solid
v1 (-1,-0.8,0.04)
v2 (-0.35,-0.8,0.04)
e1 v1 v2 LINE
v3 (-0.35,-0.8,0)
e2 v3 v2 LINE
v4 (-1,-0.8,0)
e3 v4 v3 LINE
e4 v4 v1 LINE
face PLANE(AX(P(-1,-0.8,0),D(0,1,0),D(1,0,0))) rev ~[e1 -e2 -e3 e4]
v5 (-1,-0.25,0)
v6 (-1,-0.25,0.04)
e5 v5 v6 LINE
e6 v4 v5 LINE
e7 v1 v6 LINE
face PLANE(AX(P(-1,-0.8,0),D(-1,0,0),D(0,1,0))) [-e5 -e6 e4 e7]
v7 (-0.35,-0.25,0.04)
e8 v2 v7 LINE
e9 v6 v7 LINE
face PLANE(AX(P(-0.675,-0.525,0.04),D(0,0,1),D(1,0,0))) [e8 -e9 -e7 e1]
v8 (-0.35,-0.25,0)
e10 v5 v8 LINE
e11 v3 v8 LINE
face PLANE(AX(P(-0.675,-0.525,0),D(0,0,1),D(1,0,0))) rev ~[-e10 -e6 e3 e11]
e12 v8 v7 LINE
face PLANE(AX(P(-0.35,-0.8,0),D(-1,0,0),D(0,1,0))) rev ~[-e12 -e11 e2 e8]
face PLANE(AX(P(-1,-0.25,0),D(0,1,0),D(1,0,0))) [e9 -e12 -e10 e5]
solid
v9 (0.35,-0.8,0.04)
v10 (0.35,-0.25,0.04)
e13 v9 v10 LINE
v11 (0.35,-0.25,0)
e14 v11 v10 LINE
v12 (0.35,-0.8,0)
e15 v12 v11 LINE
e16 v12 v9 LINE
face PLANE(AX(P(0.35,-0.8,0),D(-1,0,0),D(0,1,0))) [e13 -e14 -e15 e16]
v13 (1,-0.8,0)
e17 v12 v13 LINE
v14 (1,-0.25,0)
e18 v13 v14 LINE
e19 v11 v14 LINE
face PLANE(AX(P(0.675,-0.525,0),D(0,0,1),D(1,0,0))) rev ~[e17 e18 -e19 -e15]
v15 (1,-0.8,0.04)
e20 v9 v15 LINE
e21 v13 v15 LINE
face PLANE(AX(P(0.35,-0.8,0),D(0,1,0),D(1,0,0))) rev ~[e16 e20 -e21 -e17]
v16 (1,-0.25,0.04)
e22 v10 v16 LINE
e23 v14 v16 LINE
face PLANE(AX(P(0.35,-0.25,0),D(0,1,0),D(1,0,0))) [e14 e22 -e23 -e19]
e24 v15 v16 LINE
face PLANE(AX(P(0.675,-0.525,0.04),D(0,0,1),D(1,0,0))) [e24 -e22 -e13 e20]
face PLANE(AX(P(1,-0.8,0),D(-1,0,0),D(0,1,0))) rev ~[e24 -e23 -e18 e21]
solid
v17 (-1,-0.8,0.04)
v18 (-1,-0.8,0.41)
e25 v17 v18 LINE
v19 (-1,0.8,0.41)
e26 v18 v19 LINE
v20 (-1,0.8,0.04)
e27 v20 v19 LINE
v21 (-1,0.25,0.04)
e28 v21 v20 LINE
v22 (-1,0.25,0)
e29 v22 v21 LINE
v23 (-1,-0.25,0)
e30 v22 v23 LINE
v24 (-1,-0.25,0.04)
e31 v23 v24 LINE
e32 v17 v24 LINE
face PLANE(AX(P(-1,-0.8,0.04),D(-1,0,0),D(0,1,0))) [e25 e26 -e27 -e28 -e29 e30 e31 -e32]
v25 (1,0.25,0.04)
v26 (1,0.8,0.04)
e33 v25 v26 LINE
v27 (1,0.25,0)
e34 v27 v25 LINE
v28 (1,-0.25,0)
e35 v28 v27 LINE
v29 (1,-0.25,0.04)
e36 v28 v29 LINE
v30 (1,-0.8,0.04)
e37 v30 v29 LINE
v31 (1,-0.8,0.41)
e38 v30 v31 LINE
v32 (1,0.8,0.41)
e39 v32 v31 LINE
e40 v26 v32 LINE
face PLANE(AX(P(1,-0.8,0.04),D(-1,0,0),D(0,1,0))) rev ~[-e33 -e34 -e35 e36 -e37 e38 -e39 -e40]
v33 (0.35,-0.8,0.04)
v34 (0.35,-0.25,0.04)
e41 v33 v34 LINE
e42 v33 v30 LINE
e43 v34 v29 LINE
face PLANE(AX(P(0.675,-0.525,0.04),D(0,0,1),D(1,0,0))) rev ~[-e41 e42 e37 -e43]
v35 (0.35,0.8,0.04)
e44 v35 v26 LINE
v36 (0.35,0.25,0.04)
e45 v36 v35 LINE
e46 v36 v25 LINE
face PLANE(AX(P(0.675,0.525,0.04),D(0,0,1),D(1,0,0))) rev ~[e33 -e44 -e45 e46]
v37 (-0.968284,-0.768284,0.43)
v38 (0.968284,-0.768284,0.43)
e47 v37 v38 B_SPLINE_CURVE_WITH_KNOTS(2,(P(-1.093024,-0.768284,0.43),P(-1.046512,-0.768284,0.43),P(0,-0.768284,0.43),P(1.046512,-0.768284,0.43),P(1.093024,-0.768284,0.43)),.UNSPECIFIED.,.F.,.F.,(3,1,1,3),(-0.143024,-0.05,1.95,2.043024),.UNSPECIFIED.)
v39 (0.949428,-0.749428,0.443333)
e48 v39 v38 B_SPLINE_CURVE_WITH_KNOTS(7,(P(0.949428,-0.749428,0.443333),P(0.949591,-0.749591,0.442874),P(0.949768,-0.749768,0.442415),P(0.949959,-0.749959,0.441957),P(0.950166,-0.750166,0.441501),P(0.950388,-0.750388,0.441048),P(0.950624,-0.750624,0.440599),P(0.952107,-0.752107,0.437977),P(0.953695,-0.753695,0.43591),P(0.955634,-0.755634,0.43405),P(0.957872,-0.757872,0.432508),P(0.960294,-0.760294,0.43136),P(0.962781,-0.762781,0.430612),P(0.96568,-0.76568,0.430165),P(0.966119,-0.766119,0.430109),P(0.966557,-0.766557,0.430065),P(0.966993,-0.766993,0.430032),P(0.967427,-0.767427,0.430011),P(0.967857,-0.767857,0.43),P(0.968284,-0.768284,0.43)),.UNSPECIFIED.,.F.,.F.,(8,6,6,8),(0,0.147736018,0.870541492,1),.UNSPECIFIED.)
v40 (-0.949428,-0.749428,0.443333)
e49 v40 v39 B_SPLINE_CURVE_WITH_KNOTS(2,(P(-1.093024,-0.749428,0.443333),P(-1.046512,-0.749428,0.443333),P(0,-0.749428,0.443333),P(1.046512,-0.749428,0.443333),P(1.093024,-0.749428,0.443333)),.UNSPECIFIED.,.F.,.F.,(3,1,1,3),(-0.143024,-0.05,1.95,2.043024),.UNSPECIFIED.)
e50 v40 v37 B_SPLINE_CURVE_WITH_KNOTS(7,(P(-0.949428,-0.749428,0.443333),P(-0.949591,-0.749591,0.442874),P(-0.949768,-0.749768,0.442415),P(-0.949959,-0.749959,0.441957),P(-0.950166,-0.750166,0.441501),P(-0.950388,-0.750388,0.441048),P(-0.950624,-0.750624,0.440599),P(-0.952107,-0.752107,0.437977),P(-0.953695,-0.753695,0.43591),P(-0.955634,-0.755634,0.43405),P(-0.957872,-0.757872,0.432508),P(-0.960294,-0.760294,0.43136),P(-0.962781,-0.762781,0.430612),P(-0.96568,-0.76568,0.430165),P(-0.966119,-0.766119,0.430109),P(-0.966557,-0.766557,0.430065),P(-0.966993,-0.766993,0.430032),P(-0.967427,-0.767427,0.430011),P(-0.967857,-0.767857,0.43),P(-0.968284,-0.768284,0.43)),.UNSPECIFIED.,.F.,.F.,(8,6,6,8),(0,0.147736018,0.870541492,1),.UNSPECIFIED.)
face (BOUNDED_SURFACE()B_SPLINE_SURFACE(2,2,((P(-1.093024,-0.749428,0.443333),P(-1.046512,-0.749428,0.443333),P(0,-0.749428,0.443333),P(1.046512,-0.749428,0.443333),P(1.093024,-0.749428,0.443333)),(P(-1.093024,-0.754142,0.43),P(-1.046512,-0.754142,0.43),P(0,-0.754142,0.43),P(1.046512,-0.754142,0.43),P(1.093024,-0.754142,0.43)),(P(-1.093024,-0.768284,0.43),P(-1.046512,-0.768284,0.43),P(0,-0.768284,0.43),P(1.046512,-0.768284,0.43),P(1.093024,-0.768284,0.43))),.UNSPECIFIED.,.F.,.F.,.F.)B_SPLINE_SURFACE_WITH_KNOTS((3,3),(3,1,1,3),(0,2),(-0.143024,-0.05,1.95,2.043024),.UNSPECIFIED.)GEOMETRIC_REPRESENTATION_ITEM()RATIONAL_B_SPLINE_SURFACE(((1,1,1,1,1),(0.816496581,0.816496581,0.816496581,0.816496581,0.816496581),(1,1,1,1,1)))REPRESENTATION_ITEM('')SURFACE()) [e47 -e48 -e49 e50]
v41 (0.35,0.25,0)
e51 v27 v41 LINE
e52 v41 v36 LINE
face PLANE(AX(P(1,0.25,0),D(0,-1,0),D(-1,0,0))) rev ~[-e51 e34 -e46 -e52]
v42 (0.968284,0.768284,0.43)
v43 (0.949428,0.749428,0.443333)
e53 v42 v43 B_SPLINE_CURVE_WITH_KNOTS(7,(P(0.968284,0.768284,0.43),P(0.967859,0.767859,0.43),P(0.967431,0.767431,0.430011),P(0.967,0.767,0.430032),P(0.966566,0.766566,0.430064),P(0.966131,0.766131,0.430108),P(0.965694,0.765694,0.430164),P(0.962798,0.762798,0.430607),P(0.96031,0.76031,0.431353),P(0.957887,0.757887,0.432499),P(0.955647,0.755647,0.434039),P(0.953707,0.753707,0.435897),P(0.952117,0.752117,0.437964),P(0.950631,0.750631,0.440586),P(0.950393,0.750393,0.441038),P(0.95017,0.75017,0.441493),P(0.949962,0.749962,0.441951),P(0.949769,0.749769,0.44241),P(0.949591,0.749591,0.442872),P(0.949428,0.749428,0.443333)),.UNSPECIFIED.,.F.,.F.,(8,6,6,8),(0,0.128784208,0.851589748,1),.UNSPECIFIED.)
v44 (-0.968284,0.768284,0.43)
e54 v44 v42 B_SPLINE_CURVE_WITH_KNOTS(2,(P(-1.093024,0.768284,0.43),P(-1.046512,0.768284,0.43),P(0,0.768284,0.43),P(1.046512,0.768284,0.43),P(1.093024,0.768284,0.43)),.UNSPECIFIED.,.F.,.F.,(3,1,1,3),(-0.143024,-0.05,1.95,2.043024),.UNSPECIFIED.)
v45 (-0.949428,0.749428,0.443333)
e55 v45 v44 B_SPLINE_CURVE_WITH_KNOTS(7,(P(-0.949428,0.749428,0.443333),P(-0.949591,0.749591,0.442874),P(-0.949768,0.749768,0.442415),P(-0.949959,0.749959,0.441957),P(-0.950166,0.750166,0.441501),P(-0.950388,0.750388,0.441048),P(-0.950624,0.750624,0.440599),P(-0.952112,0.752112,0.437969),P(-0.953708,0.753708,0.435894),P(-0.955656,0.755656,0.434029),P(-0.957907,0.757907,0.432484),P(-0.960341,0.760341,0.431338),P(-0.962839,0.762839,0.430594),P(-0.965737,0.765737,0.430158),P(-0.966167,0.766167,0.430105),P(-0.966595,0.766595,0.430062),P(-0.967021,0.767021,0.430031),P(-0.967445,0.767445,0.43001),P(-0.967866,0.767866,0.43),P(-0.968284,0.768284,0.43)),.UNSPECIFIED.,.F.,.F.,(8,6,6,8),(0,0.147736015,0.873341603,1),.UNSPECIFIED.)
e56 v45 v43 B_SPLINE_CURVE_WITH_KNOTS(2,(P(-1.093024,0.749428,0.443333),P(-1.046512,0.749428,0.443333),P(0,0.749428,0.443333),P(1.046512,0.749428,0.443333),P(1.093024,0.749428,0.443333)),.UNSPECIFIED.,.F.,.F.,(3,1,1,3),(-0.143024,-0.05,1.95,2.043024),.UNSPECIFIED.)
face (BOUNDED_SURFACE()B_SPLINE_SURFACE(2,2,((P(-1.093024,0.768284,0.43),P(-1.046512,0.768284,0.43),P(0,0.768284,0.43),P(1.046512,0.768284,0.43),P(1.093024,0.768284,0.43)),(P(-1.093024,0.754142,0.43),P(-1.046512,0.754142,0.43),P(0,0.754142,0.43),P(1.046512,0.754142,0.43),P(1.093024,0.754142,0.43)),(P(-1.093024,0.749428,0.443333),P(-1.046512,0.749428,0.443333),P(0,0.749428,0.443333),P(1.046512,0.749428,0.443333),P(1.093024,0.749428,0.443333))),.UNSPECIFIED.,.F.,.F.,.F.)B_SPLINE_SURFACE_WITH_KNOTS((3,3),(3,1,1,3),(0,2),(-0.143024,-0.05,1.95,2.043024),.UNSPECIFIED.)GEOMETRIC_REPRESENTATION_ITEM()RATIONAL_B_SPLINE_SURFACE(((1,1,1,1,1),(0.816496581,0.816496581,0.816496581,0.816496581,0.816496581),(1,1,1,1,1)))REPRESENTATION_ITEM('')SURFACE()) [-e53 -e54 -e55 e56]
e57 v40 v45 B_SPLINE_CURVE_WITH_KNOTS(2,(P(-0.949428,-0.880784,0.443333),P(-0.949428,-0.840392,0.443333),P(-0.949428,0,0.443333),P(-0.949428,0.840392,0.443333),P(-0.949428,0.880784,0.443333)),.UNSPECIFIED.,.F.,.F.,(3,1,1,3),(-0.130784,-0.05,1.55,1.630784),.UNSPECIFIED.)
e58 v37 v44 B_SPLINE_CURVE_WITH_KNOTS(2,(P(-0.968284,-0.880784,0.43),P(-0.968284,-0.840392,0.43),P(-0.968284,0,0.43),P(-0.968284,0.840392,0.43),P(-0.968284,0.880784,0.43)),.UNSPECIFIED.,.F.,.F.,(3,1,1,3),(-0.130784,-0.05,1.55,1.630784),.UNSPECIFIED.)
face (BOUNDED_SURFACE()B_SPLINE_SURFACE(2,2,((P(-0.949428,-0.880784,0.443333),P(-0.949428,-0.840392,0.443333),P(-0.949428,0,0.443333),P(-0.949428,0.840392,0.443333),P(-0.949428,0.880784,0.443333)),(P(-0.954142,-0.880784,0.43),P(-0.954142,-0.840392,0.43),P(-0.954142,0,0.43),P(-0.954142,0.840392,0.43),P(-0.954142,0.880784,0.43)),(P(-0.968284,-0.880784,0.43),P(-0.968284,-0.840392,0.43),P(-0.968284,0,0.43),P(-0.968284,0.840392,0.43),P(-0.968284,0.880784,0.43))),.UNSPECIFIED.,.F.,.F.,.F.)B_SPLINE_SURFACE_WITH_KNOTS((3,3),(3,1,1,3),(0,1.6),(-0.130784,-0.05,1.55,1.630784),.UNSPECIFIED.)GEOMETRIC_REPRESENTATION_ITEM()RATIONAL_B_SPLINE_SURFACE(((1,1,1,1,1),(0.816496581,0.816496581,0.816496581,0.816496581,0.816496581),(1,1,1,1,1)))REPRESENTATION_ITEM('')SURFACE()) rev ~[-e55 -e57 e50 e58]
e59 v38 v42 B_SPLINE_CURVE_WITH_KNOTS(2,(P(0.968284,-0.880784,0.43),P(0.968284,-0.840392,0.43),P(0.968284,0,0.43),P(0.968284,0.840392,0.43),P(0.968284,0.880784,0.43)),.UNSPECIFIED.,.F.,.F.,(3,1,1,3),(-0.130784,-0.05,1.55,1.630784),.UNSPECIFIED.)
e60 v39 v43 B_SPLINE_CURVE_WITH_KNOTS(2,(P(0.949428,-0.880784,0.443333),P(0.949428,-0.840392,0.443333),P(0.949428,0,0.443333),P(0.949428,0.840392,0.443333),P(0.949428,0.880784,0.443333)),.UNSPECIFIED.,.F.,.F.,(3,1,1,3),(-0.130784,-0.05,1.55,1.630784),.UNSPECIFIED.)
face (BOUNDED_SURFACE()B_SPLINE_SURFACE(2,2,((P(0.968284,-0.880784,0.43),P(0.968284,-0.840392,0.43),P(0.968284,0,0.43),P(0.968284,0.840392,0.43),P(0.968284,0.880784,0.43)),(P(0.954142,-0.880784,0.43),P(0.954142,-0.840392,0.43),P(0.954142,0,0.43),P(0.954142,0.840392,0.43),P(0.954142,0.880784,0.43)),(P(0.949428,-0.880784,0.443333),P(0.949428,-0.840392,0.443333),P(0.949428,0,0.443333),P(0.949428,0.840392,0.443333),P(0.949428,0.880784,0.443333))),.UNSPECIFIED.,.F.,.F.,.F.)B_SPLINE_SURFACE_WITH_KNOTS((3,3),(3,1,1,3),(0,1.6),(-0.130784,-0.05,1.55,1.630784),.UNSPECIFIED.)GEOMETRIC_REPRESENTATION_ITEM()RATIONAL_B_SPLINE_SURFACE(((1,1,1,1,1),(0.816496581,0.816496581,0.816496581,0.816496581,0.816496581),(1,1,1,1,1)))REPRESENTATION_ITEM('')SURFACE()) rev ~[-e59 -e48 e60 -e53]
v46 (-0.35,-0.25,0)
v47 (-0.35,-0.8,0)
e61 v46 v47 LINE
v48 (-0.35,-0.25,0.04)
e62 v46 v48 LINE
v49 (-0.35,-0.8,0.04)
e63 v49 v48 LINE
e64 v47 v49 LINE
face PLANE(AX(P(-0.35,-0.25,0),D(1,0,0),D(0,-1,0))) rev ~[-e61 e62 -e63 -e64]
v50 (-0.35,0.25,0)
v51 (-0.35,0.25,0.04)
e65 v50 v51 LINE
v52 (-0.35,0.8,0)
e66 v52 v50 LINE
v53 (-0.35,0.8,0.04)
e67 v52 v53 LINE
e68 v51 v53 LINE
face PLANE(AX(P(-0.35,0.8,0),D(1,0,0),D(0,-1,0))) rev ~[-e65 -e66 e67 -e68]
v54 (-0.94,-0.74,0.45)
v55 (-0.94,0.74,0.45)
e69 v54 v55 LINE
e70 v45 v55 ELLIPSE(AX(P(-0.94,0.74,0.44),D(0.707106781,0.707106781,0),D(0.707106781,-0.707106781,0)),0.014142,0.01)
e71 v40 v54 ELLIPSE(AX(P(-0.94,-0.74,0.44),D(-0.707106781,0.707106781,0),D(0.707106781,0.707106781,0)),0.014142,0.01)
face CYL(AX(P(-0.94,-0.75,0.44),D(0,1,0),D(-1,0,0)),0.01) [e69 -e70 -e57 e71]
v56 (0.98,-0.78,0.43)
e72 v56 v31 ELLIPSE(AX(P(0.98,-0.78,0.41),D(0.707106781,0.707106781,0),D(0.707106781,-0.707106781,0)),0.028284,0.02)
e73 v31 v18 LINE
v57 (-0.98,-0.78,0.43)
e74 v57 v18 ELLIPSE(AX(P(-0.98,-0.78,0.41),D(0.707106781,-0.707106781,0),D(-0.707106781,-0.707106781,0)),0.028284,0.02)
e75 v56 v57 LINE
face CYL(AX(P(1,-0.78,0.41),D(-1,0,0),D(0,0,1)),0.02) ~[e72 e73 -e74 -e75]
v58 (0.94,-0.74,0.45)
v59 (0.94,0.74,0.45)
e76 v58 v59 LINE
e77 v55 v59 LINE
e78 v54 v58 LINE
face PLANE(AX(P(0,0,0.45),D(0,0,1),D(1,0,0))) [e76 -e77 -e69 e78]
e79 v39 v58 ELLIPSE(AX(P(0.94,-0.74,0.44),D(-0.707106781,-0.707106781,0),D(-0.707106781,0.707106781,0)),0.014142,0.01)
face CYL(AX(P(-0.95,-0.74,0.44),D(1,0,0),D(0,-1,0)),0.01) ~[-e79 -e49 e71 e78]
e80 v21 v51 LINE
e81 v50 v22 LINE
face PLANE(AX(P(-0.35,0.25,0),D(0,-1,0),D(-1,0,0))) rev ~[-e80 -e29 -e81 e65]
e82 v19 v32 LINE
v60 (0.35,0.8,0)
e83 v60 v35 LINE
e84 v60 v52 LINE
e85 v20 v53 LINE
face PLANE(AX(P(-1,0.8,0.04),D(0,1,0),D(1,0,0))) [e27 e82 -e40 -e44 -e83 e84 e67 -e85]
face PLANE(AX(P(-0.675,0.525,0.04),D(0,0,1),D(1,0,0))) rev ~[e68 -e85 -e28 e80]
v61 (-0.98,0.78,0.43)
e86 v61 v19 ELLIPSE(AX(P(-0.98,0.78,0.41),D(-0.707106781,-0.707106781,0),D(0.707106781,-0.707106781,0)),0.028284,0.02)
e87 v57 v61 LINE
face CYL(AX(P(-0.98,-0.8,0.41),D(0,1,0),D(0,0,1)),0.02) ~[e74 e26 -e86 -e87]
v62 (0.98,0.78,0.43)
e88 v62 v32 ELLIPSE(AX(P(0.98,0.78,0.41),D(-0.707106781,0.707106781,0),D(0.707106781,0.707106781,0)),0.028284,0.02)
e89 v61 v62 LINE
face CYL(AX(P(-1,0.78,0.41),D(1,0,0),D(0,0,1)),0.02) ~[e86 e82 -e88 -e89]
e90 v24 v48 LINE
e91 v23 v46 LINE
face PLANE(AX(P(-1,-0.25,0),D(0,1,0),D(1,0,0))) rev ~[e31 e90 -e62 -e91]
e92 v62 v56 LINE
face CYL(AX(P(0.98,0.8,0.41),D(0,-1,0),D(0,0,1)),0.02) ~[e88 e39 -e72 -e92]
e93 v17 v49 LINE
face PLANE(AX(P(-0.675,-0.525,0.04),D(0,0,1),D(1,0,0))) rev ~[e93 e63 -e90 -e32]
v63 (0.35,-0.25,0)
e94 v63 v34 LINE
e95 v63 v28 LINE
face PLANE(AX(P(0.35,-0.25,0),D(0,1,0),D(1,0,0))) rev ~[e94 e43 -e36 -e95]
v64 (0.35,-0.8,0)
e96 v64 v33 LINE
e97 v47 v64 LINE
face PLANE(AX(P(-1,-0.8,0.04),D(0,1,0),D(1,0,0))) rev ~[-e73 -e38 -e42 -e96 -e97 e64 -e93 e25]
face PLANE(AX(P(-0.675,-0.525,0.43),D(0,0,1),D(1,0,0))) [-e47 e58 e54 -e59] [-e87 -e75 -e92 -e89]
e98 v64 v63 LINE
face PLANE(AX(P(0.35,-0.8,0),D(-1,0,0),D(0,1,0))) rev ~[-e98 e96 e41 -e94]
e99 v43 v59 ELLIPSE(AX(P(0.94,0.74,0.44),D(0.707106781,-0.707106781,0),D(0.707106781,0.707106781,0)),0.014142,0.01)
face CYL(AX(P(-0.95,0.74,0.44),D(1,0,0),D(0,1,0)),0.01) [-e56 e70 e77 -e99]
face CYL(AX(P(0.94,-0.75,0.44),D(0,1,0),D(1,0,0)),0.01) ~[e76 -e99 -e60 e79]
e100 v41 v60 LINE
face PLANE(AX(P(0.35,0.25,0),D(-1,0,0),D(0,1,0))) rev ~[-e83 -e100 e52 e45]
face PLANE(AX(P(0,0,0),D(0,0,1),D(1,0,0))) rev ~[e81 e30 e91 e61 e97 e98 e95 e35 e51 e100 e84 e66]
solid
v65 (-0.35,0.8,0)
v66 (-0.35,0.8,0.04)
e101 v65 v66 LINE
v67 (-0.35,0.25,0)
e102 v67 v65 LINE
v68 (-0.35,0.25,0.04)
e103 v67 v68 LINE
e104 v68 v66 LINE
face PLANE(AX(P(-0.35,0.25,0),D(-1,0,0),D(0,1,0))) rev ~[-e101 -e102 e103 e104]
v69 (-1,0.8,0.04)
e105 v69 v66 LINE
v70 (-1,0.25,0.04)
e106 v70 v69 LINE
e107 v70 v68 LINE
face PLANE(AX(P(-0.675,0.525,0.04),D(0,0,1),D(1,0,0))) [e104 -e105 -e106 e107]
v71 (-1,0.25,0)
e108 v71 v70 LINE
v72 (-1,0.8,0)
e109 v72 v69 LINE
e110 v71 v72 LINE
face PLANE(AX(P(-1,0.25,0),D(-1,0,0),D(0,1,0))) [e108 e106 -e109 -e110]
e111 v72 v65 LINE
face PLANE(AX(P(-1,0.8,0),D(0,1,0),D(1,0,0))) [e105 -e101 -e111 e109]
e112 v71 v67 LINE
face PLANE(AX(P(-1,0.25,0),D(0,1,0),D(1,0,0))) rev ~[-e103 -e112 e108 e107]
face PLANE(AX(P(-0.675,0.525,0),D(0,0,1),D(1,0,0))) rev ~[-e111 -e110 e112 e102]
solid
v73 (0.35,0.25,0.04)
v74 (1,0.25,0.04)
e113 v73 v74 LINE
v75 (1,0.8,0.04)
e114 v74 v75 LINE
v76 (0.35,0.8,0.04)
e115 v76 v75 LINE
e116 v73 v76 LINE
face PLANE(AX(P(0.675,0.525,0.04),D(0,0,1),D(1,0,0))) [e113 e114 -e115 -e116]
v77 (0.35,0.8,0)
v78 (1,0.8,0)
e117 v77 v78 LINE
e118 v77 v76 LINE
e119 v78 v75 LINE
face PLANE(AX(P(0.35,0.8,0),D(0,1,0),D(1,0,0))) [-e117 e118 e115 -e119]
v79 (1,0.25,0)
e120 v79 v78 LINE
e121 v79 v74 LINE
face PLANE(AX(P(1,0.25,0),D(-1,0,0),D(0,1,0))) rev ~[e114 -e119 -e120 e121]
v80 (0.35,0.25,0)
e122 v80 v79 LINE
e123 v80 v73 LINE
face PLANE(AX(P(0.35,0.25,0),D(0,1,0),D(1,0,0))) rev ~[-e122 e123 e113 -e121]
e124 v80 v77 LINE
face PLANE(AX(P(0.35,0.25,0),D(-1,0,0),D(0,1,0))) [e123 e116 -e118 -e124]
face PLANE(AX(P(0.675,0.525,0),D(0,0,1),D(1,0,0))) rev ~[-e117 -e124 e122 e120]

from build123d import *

# Parameters (mm, degrees)
SKETCH1_W             = 0.65
SKETCH1_H             = 0.55
BOSS_EXTRUDE1_DEPTH   = 0.04
BOSS_EXTRUDE1_2_DEPTH = 0.04
BOSS_EXTRUDE1_3_DEPTH = 0.04
BOSS_EXTRUDE1_4_DEPTH = 0.04
BOSS_EXTRUDE2_DEPTH   = 0.43
BOSS_EXTRUDE3_START   = 0.04
SKETCH1_4_W           = 0.65
SKETCH1_4_H           = 0.55
BOSS_EXTRUDE3_DEPTH   = 0.39
BOSS_EXTRUDE3_2_DEPTH = 0.39
BOSS_EXTRUDE3_3_DEPTH = 0.39
BOSS_EXTRUDE3_4_DEPTH = 0.39
SKETCH2_W             = 1.9
SKETCH2_H             = 1.5
BOSS_EXTRUDE4_DEPTH   = 0.02
FILLET1_R             = 0.01
FILLET4_R             = 0.02


with BuildPart() as part:
    # Sketch1 → Boss-Extrude1 (new body)
    with BuildSketch(Plane.XY):
        with Locations((-0.675, 0.525)):
            Rectangle(SKETCH1_W, SKETCH1_H)
    extrude(amount=BOSS_EXTRUDE1_DEPTH)


with BuildPart() as body_2:
    # Sketch1 → Boss-Extrude1 2 (new body)
    with BuildSketch(Plane.XY):
        with Locations((0.675, 0.525)):
            Rectangle(SKETCH1_W, SKETCH1_H)
    extrude(amount=BOSS_EXTRUDE1_2_DEPTH)


with BuildPart() as body_3:
    # Sketch1 → Boss-Extrude1 3 (new body)
    with BuildSketch(Plane.XY):
        with Locations((0.675, -0.525)):
            Rectangle(SKETCH1_W, SKETCH1_H)
    extrude(amount=BOSS_EXTRUDE1_3_DEPTH)


with BuildPart() as body_4:
    # Sketch1 → Boss-Extrude1 4 (new body)
    with BuildSketch(Plane.XY):
        with Locations((-0.675, -0.525)):
            Rectangle(SKETCH1_W, SKETCH1_H)
    extrude(amount=BOSS_EXTRUDE1_4_DEPTH)


with BuildPart() as body_5:
    # Sketch1<3> → Boss-Extrude2 (new body)
    with BuildSketch(Plane.XY):
        Polygon((-0.35, -0.25), (-0.35, -0.8), (0.35, -0.8), (0.35, -0.25), (1, -0.25), (1, 0.25), (0.35, 0.25), (0.35, 0.8), (-0.35, 0.8), (-0.35, 0.25), (-1, 0.25), (-1, -0.25), align=None)
    extrude(amount=BOSS_EXTRUDE2_DEPTH)



with BuildPart() as body_6:
    # Sketch1<4> → Boss-Extrude3 (new body)
    with BuildSketch(Plane.XY.offset(BOSS_EXTRUDE3_START)):
        with Locations((0.675, 0.525)):
            Rectangle(SKETCH1_4_W, SKETCH1_4_H)
    extrude(amount=BOSS_EXTRUDE3_DEPTH)


with BuildPart() as body_7:
    # Sketch1<4> → Boss-Extrude3 2 (new body)
    with BuildSketch(Plane.XY.offset(BOSS_EXTRUDE3_START)):
        with Locations((-0.675, 0.525)):
            Rectangle(SKETCH1_4_W, SKETCH1_4_H)
    extrude(amount=BOSS_EXTRUDE3_2_DEPTH)


with BuildPart() as body_8:
    # Sketch1<4> → Boss-Extrude3 3 (new body)
    with BuildSketch(Plane.XY.offset(BOSS_EXTRUDE3_START)):
        with Locations((0.675, -0.525)):
            Rectangle(SKETCH1_4_W, SKETCH1_4_H)
    extrude(amount=BOSS_EXTRUDE3_3_DEPTH)


with BuildPart() as body_9:
    # Sketch1<4> → Boss-Extrude3 4 (new body)
    with BuildSketch(Plane.XY.offset(BOSS_EXTRUDE3_START)):
        with Locations((-0.675, -0.525)):
            Rectangle(SKETCH1_4_W, SKETCH1_4_H)
    extrude(amount=BOSS_EXTRUDE3_4_DEPTH)


with BuildPart() as body_5_1:
    add(body_5.part)

    add(body_6.part)  # Boss-Extrude4 merges body 6

    add(body_7.part)  # Boss-Extrude4 merges body 7

    add(body_8.part)  # Boss-Extrude4 merges body 8

    add(body_9.part)  # Boss-Extrude4 merges body 9
    # Sketch2 → Boss-Extrude4 (add)
    with BuildSketch(Plane.XY.offset(0.43)):
        Rectangle(SKETCH2_W, SKETCH2_H)
    extrude(amount=BOSS_EXTRUDE4_DEPTH)

    # Fillet1
    fillet1_edges = [body_5_1.edges().sort_by_distance(p)[0] for p in [
        (0.95, 0, 0.45),
        (0, 0.75, 0.45),
        (-0.95, 0, 0.45),
        (0, -0.75, 0.45),
    ]]
    fillet(fillet1_edges, radius=FILLET1_R)

    # Fillet4
    fillet4_edges = [body_5_1.edges().sort_by_distance(p)[0] for p in [
        (-0.95, 0, 0.43),
        (0, -0.75, 0.43),
        (0.95, 0, 0.43),
        (0, 0.75, 0.43),
        (0, 0.8, 0.43),
        (1, 0, 0.43),
        (0, -0.8, 0.43),
        (-1, 0, 0.43),
    ]]
    fillet(fillet4_edges, radius=FILLET4_R)


solid = Compound([part.part, body_2.part, body_3.part, body_4.part, body_5_1.part])
